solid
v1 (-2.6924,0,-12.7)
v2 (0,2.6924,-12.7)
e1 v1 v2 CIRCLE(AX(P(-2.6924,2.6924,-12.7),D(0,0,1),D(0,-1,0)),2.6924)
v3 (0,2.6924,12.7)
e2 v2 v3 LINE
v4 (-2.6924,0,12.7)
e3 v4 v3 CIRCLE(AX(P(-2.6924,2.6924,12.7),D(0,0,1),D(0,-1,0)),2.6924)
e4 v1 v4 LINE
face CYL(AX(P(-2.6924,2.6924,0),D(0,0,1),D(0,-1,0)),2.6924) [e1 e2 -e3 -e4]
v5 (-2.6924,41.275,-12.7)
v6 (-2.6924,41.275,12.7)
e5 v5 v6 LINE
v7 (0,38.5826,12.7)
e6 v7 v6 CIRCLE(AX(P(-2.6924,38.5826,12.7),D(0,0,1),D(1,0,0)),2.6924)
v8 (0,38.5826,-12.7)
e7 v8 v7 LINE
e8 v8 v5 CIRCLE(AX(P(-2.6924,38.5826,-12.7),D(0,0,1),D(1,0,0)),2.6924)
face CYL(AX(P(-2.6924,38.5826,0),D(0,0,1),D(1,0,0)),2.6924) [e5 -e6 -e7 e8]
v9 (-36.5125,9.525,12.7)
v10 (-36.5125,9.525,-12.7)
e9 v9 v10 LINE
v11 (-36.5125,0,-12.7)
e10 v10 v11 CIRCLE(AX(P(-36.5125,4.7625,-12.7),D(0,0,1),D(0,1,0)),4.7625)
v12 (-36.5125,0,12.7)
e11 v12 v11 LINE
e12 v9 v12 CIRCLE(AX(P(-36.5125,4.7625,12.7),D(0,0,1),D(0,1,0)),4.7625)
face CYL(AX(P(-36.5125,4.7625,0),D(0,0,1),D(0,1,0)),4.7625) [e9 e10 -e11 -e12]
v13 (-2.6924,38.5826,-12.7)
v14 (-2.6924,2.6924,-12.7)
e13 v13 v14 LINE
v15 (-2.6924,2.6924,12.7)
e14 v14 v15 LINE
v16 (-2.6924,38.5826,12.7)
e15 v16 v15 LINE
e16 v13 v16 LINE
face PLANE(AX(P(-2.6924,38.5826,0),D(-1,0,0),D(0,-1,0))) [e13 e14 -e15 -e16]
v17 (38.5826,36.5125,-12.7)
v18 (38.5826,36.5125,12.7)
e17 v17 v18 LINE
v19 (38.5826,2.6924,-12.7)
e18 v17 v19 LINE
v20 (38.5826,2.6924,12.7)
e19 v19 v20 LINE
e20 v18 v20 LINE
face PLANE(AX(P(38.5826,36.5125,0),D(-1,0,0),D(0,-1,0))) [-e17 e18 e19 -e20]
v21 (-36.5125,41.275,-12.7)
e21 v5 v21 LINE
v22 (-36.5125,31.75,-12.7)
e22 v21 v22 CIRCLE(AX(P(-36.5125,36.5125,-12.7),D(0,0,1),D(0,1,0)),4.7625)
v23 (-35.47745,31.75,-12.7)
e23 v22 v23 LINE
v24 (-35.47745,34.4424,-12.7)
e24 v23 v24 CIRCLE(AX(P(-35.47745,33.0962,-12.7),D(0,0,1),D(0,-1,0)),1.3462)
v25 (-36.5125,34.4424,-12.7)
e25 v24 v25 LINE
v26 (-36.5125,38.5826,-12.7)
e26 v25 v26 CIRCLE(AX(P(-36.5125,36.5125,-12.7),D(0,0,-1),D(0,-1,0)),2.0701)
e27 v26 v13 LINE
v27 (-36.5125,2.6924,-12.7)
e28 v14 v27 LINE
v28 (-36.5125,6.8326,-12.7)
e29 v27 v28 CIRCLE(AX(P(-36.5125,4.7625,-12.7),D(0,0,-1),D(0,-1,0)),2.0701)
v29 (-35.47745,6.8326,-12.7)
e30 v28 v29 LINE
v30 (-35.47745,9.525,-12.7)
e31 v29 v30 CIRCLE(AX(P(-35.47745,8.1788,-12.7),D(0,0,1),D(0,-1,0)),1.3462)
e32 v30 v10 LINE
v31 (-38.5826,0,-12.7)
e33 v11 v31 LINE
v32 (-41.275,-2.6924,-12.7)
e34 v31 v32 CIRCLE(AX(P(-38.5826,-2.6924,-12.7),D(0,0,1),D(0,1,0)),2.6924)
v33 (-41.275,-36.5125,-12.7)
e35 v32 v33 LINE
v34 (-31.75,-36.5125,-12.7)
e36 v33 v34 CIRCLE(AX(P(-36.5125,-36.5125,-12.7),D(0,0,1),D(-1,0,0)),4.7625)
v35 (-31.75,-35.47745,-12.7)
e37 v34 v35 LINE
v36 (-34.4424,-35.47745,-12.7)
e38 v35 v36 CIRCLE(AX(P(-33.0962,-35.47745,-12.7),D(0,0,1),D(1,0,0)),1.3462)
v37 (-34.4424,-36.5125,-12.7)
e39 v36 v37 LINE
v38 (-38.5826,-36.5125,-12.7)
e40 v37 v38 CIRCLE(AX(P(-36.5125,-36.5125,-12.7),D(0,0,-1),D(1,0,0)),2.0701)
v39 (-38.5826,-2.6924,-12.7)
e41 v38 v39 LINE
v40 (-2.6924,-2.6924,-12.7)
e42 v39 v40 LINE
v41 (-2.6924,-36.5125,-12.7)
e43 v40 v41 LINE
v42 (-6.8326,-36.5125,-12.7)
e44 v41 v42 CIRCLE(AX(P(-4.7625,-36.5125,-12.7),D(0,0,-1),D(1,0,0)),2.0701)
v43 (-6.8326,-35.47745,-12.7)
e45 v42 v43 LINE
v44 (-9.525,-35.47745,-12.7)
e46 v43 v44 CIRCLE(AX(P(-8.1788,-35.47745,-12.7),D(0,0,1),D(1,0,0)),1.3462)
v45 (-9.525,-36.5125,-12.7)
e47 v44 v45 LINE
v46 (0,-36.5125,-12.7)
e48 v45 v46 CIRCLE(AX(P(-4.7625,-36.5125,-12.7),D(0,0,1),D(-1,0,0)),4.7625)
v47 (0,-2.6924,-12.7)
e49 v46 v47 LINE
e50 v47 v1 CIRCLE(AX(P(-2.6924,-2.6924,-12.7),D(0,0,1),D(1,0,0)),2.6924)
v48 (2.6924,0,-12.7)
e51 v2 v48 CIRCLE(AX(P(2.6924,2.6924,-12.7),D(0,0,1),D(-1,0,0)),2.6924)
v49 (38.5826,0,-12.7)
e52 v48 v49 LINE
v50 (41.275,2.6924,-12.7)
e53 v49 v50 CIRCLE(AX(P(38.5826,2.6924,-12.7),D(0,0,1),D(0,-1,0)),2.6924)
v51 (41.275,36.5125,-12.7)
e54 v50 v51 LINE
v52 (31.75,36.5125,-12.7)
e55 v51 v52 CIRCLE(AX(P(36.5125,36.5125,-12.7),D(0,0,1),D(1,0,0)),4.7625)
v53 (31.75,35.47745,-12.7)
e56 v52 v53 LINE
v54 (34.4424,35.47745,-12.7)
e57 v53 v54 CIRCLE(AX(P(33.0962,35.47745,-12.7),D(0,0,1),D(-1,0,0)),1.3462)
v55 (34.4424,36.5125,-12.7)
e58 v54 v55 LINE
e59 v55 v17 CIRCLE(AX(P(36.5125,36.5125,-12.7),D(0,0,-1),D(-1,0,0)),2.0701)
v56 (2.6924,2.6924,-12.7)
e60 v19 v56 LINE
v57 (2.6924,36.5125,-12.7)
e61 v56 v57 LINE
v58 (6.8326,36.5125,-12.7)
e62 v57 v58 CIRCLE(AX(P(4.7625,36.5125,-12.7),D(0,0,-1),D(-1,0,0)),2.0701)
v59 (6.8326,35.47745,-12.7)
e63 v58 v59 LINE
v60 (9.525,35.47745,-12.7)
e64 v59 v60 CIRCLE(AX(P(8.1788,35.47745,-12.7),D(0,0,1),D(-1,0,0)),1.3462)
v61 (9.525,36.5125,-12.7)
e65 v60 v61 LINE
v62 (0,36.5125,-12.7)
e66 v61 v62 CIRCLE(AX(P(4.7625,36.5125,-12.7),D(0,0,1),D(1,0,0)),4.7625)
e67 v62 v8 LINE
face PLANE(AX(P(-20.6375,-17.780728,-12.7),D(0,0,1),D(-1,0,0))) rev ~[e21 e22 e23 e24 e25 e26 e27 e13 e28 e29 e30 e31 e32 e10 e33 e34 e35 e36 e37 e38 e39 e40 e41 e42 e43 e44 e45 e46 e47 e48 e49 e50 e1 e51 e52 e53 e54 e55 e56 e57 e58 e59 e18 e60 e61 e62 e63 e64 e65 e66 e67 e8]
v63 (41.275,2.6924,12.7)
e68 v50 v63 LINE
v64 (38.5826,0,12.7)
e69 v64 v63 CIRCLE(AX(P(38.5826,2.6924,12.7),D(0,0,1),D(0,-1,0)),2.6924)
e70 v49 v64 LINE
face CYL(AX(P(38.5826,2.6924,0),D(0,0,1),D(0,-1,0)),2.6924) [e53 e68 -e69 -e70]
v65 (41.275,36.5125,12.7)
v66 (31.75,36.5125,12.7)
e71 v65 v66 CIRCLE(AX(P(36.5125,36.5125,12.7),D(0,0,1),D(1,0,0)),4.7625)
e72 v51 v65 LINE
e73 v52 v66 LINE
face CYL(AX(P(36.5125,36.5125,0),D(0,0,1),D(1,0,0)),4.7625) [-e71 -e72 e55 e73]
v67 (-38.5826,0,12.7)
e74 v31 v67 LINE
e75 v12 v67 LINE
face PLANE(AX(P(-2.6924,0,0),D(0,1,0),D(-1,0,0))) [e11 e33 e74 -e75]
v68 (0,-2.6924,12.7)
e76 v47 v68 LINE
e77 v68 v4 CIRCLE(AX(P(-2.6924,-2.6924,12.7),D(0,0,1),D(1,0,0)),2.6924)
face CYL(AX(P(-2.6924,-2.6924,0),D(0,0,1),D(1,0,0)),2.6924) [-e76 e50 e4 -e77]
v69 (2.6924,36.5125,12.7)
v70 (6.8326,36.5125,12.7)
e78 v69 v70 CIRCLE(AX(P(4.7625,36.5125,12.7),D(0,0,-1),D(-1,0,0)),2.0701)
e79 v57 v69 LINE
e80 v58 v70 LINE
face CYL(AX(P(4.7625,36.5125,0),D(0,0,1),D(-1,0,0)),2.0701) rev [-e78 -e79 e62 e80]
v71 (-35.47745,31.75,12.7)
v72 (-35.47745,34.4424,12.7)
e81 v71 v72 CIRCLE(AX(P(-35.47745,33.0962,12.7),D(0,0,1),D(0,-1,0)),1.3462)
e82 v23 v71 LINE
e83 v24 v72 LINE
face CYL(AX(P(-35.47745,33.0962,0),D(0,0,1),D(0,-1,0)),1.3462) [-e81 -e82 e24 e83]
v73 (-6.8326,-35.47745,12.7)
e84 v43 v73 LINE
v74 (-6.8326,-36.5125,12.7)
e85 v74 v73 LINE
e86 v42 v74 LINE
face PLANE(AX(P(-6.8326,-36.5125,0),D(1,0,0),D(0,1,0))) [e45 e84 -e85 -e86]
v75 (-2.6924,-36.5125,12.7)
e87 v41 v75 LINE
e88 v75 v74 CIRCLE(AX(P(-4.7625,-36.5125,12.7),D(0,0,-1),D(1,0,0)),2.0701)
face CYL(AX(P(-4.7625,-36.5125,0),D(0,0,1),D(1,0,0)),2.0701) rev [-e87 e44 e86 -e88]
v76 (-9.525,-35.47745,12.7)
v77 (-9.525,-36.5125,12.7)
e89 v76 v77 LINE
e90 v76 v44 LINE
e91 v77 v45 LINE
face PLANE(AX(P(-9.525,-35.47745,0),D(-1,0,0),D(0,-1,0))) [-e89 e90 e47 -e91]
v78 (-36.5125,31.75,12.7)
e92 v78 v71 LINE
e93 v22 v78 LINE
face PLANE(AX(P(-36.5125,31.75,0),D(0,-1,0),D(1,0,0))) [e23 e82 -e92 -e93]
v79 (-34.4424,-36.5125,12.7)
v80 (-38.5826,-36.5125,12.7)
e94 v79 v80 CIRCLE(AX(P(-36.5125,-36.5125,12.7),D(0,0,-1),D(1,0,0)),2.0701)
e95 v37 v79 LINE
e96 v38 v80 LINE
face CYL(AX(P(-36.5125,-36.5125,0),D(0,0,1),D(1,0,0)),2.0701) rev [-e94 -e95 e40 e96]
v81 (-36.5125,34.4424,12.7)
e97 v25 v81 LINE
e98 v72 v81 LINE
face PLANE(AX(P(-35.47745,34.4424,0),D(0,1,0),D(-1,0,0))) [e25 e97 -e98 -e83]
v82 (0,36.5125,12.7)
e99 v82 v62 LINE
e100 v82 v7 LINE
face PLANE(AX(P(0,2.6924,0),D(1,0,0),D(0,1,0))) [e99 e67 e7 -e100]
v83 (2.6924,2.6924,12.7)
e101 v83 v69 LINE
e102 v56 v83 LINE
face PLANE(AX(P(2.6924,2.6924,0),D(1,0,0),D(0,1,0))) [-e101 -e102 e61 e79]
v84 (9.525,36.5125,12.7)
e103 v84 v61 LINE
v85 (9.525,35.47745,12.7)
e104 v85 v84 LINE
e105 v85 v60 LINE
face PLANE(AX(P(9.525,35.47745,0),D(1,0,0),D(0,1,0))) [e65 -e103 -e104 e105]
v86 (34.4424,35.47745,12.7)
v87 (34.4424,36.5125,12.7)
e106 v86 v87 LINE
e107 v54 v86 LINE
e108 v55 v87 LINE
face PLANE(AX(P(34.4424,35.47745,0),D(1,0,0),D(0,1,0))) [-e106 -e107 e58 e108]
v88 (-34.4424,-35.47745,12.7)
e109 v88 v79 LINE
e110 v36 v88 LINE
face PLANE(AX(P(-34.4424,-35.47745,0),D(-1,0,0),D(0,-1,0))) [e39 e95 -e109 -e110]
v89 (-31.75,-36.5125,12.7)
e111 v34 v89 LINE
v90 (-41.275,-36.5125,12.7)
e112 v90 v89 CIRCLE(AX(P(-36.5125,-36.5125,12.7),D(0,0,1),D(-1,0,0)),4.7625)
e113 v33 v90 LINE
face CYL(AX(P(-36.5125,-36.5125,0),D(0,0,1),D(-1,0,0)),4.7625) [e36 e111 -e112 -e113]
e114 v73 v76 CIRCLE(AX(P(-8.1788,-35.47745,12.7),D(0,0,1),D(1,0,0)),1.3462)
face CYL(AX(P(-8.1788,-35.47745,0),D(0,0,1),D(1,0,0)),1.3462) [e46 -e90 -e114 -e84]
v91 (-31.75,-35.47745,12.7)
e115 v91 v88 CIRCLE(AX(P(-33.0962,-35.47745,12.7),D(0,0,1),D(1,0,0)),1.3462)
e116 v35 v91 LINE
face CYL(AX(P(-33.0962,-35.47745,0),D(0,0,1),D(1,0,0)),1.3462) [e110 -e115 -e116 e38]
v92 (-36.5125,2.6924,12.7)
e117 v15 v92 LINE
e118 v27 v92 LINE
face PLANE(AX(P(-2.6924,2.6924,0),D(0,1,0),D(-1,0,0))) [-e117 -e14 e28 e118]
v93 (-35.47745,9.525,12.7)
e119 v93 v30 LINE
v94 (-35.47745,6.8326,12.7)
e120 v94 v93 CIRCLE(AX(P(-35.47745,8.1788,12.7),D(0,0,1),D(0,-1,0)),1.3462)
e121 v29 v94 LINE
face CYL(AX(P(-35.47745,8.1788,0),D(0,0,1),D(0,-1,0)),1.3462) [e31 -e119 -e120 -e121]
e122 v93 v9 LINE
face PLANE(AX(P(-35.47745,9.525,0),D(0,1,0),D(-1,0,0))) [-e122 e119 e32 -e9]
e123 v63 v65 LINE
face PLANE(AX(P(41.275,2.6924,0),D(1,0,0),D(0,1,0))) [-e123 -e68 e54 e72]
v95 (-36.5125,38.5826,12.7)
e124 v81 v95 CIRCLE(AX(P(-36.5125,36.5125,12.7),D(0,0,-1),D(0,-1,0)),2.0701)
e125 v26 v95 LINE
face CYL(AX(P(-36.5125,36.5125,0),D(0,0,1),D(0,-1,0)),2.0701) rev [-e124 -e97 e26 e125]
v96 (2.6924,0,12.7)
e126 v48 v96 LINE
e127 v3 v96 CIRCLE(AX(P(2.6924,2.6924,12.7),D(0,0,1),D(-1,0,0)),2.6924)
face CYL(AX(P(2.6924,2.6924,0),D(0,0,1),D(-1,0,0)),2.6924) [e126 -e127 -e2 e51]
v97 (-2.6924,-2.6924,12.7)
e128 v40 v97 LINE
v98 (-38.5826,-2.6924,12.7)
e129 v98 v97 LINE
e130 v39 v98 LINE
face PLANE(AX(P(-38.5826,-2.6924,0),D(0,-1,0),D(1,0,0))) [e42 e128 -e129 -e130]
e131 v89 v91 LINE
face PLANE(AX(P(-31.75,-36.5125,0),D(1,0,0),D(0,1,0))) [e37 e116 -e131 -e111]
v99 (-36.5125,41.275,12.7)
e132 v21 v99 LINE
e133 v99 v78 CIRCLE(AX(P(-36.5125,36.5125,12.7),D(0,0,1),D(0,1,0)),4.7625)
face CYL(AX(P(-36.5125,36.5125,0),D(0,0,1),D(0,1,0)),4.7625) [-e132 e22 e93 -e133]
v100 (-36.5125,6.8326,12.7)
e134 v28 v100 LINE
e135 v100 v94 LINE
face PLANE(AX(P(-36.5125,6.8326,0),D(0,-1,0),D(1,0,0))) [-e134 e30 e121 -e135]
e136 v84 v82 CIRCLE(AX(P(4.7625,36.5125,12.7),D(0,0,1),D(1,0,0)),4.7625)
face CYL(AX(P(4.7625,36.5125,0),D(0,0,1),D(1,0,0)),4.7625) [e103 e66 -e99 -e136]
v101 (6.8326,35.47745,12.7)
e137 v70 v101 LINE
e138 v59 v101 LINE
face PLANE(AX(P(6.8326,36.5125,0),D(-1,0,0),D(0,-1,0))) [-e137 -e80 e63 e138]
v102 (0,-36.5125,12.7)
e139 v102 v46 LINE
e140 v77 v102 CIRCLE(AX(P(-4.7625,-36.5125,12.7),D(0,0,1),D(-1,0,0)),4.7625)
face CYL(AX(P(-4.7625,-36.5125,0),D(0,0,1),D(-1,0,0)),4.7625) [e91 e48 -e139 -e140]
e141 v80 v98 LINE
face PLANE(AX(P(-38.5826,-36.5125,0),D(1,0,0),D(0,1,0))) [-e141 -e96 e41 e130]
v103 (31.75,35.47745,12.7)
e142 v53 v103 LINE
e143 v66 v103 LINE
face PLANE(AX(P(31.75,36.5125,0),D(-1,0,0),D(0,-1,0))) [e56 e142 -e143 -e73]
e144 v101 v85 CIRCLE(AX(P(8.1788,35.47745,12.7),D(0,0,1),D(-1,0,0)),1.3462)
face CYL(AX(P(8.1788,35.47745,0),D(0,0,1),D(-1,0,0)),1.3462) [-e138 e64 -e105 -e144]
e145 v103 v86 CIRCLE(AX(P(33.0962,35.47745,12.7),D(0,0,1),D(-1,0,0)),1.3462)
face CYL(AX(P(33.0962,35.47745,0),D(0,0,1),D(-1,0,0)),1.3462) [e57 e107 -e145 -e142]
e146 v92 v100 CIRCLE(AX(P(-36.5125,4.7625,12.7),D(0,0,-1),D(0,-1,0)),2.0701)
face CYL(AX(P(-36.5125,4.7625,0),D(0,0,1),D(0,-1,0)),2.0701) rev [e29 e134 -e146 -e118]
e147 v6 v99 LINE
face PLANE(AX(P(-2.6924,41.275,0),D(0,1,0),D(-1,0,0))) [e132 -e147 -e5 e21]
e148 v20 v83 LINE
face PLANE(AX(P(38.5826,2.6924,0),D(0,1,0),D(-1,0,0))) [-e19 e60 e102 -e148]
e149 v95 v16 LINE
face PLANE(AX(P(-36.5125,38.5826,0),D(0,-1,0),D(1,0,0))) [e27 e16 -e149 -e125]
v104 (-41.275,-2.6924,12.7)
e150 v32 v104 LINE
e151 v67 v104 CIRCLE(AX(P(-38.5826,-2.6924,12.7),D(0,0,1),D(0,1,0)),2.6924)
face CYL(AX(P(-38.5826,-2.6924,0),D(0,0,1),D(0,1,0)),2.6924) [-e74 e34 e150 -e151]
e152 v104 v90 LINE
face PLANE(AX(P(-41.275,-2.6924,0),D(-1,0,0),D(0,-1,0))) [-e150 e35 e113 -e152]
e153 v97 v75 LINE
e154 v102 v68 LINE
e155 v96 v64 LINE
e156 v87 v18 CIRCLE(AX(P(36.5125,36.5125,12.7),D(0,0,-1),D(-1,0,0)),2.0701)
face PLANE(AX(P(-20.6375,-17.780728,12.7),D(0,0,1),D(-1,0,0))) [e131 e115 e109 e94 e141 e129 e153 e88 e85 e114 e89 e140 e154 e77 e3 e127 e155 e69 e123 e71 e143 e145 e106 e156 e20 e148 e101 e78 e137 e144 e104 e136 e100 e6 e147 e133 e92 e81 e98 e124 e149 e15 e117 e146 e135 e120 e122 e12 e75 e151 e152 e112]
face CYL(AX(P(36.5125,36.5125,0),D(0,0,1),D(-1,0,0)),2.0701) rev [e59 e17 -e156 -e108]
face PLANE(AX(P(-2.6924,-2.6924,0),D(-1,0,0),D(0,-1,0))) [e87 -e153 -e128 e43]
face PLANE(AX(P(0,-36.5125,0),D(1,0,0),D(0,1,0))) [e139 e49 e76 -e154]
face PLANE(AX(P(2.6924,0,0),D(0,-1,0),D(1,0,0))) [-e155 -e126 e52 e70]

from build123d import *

# Parameters (mm, degrees)
BASE_EXTRUDE_DEPTH = 12.7
CIRPATTERN1_COUNT  = 3
CIRPATTERN1_ANGLE  = 180


with BuildPart() as part:
    # Sketch1 → Base-Extrude (new, symmetric)
    with BuildSketch(Plane.XY):
        with BuildLine():
            Line((0, 36.5125), (0, 2.6924))
            ThreePointArc((0, 2.6924), (0.788585702, 0.788585702), (2.6924, 0))
            Line((2.6924, 0), (38.5826, 0))
            ThreePointArc((38.5826, 0), (40.486414298, 0.788585702), (41.275, 2.6924))
            Line((41.275, 2.6924), (41.275, 36.5125))
            ThreePointArc((41.275, 36.5125), (36.5125, 41.275), (31.75, 36.5125))
            Line((31.75, 36.5125), (31.75, 35.47745))
            ThreePointArc((31.75, 35.47745), (33.0962, 34.13125), (34.4424, 35.47745))
            Line((34.4424, 35.47745), (34.4424, 36.5125))
            ThreePointArc((34.4424, 36.5125), (36.5125, 38.5826), (38.5826, 36.5125))
            Line((38.5826, 36.5125), (38.5826, 2.6924))
            Line((38.5826, 2.6924), (2.6924, 2.6924))
            Line((2.6924, 2.6924), (2.6924, 36.5125))
            ThreePointArc((2.6924, 36.5125), (4.7625, 38.5826), (6.8326, 36.5125))
            Line((6.8326, 36.5125), (6.8326, 35.47745))
            ThreePointArc((6.8326, 35.47745), (8.1788, 34.13125), (9.525, 35.47745))
            Line((9.525, 35.47745), (9.525, 36.5125))
            ThreePointArc((9.525, 36.5125), (4.7625, 41.275), (0, 36.5125))
        make_face()
    base_extrude = extrude(amount=BASE_EXTRUDE_DEPTH, both=True)

    # CirPattern1: Base-Extrude ×3 about axis
    cirpattern1_axis = Axis((0, 0, 0), (0, 0, 1))
    for i in range(1, CIRPATTERN1_COUNT):
        add(base_extrude.rotate(cirpattern1_axis, i * CIRPATTERN1_ANGLE / (CIRPATTERN1_COUNT - 1)))


solid = part.part
